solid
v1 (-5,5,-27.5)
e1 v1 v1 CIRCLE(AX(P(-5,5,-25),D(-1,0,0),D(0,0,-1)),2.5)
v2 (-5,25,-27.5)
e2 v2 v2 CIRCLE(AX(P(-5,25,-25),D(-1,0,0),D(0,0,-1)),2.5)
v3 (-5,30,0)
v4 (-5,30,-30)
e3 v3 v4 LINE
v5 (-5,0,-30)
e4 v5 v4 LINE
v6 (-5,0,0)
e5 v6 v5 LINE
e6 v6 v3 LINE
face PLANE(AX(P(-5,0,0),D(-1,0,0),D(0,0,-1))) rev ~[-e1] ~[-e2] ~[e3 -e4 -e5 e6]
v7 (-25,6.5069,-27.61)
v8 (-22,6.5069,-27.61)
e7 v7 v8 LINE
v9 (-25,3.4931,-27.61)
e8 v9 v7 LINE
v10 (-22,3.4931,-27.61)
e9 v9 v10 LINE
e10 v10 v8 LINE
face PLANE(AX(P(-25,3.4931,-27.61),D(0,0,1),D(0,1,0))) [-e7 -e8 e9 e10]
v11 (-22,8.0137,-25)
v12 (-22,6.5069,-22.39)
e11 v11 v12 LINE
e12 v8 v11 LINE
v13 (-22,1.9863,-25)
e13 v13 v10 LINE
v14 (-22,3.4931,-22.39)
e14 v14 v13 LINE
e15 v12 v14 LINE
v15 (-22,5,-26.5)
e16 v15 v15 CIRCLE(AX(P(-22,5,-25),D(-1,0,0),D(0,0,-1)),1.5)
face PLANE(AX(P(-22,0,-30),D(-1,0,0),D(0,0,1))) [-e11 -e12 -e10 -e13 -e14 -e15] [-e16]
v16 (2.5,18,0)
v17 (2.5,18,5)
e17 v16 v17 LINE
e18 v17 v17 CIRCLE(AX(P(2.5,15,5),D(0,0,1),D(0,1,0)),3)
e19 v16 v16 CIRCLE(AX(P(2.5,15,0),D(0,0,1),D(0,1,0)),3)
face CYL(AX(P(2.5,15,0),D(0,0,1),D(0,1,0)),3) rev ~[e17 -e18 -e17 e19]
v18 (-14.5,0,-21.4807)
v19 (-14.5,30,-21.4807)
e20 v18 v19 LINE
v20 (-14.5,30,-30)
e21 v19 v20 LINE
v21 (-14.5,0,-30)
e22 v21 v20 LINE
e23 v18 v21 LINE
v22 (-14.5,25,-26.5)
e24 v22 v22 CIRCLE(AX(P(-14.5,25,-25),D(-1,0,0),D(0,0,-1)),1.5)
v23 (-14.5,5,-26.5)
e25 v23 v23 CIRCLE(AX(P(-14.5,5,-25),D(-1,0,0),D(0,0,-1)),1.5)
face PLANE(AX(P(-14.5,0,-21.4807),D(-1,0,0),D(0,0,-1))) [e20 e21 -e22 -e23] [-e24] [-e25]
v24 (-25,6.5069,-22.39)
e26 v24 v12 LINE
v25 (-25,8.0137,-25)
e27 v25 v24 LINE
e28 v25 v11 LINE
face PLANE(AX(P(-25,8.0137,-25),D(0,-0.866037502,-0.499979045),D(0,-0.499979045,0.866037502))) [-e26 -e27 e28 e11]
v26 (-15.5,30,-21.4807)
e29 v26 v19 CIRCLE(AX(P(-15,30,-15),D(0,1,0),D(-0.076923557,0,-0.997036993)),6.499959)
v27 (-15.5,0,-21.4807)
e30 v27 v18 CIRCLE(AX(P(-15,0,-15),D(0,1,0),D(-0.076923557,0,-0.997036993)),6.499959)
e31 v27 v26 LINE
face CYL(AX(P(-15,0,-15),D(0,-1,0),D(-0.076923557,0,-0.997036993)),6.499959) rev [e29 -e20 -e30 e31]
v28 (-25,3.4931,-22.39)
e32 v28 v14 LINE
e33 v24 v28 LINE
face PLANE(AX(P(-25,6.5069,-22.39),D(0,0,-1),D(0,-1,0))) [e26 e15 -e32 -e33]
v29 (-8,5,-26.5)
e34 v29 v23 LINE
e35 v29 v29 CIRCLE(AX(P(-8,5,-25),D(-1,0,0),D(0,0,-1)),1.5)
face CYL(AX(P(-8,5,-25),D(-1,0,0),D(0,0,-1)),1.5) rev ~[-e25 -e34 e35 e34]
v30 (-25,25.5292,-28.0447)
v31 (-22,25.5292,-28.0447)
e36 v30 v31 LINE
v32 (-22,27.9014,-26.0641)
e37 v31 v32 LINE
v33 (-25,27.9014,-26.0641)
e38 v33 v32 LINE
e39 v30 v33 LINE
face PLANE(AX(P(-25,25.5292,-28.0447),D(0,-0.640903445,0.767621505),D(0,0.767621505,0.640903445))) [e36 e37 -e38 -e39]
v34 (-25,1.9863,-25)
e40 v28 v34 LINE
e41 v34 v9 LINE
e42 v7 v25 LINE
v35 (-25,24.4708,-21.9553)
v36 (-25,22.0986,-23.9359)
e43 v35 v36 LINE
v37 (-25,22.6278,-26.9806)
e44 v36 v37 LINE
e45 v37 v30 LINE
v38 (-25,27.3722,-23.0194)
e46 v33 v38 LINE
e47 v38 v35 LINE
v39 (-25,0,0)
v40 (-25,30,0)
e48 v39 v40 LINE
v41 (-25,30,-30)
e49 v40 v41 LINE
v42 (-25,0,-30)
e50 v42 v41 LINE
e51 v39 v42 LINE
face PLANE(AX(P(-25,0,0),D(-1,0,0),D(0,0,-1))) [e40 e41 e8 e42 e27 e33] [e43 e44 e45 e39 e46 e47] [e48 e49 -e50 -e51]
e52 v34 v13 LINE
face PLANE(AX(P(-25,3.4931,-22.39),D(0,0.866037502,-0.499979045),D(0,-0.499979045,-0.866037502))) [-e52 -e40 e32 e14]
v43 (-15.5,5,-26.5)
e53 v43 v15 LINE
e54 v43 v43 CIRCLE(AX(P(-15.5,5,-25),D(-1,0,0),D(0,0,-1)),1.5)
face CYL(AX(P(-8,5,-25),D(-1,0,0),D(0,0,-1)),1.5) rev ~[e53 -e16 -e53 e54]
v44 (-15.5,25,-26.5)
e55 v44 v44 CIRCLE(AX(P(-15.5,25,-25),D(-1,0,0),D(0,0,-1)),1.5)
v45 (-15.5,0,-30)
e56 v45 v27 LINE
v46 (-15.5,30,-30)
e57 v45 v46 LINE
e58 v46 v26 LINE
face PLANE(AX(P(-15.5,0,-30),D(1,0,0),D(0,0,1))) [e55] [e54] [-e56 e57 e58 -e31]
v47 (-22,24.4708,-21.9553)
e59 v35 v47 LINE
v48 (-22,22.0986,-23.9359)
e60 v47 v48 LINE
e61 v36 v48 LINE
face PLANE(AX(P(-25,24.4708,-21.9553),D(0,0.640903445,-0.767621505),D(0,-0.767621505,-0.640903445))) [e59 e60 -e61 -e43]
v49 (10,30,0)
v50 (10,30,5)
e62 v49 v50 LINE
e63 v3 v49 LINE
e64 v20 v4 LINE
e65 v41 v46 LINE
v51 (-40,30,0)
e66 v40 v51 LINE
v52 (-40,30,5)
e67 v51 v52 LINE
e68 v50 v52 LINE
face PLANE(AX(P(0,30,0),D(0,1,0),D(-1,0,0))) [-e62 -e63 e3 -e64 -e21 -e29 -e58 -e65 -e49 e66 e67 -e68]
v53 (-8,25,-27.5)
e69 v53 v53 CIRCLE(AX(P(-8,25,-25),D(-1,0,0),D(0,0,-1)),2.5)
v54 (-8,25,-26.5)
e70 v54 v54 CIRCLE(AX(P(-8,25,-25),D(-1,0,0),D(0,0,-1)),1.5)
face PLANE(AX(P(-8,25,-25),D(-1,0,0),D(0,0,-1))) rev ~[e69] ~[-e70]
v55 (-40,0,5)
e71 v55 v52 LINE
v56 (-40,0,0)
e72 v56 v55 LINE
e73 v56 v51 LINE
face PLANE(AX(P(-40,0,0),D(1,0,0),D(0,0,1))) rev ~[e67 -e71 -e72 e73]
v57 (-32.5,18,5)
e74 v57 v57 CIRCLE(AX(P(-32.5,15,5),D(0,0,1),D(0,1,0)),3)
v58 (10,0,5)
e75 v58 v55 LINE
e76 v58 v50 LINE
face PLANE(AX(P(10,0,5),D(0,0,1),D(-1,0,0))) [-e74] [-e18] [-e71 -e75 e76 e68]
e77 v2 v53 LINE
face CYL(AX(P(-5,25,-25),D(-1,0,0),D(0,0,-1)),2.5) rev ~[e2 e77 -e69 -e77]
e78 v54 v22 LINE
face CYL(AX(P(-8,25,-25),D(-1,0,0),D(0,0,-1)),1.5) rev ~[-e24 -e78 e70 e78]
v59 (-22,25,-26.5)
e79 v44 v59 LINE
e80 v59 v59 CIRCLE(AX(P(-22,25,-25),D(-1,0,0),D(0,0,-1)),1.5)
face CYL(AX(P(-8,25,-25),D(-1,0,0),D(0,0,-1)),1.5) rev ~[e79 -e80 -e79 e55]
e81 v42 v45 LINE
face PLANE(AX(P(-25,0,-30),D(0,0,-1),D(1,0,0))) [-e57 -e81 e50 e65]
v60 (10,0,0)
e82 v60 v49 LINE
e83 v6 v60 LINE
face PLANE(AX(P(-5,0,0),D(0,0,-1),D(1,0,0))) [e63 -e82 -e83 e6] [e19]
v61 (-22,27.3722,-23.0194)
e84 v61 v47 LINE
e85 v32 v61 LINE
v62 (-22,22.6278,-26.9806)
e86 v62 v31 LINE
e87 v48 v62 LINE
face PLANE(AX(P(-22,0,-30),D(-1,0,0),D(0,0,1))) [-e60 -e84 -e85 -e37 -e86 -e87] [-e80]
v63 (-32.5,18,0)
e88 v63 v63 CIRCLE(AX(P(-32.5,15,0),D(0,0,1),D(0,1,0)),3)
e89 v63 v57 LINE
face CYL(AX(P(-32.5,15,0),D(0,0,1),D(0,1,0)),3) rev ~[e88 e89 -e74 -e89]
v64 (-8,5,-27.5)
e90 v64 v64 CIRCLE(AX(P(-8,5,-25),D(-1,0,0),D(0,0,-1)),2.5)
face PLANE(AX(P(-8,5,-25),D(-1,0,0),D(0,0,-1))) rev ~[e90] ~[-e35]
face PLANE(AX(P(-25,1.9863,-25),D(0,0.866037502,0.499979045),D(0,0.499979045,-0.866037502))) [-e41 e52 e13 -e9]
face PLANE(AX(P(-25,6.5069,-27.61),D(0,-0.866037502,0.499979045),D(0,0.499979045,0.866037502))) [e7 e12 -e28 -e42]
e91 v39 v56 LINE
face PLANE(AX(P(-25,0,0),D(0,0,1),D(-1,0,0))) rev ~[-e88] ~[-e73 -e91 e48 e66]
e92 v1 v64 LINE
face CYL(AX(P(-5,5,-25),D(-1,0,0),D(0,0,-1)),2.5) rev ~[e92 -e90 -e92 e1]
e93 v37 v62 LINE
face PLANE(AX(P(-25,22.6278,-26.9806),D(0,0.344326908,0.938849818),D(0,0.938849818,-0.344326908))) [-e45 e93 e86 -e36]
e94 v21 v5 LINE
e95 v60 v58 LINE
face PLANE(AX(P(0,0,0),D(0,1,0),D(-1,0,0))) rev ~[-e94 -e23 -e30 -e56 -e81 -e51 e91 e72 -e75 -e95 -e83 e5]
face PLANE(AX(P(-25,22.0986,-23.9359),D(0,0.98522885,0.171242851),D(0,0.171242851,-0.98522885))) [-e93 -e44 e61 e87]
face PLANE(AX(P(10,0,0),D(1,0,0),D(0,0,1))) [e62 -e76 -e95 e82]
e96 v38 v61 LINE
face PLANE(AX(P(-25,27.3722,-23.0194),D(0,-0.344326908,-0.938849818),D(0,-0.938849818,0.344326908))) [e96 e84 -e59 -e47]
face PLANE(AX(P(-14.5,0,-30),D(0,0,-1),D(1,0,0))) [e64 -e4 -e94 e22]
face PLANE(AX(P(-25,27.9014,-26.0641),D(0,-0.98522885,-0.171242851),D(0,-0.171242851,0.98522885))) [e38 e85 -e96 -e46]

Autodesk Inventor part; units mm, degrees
ref_plane "YZ Plane" through (0, 0, 0) normal (1, 0, 0) x (0, 1, 0)
ref_plane "XZ Plane" through (0, 0, 0) normal (0, 1, 0) x (-1, 0, 0)
ref_plane "XY Plane" through (0, 0, 0) normal (0, 0, 1) x (1, 0, 0)
sketch "Sketch1" plane through (0, 0, 0) normal (0, 1, 0) x (-1, 0, 0)
  line L0 (5, 0) -> (25, 0)
  arc A0 (15.5, -21.4807) -> (14.5, -21.4807) centre (15, -15) ccw
  line L1 (14.5, -21.4807) -> (14.5, -30)
  line L2 (15.5, -30) -> (15.5, -21.4807)
  line L3 (14.5, -20.3939) -> (15.5, -30) construction
  line L4 (14.5, -30) -> (15.386, -21.4885) construction
  line L5 (25, -30) -> (15.5, -30)
  line L6 (14.5, -30) -> (5, -30)
  line L7 (25, 0) -> (25, -30)
  line L8 (5, 0) -> (5, -30)
  line L9 (25, 0) -> (40, 0)
  line L10 (40, 0) -> (40, 5)
  line L11 (5, 0) -> (-10, 0)
  line L12 (-10, 0) -> (-10, 5)
  line L13 (-10, 5) -> (40, 5)
  point P0 (0, 0)
  point P1 (15, -25.1969)
  dimension "d2" = 13
  dimension "d26" = 15
  dimension "d28" = 15
extrude "Extrusion1" add sketch "Sketch1" along normal blind 30
hole "Hole1" at (-5, 25, -25) direction (-1, 0, 0) diameter 3 end through all counterbore diameter 5 counterbore depth 3
hole "Hole2" at (-5, 5, -25) direction (-1, 0, 0) diameter 3 end through all counterbore diameter 5 counterbore depth 3
sketch "Sketch2" plane through (-25, 0, -30) normal (-1, 0, 0) x (0, 0, 1)
  circle A0 centre (5, 25) radius 1.5 projected
  line L0 (3.9359, 27.9014) -> (6.9806, 27.3722)
  line L1 (6.9806, 27.3722) -> (8.0447, 24.4708)
  line L2 (8.0447, 24.4708) -> (6.0641, 22.0986)
  line L3 (6.0641, 22.0986) -> (3.0194, 22.6278)
  line L4 (3.0194, 22.6278) -> (1.9553, 25.5292)
  line L5 (1.9553, 25.5292) -> (3.9359, 27.9014)
  circle A1 centre (5, 5) radius 1.5 projected
  line L6 (5, 8.0137) -> (7.61, 6.5069)
  line L7 (7.61, 6.5069) -> (7.61, 3.4931)
  line L8 (7.61, 3.4931) -> (5, 1.9863)
  line L9 (5, 1.9863) -> (2.39, 3.4931)
  line L10 (2.39, 3.4931) -> (2.39, 6.5069)
  line L11 (2.39, 6.5069) -> (5, 8.0137)
  point P0 (30, 0)
extrude "Extrusion2" cut sketch "Sketch2" against normal blind 3
hole "Hole3" at (-32.5, 15, 0) direction (0, 0, 1) diameter 6 end through all
hole "Hole4" at (2.5, 15, 0) direction (0, 0, 1) diameter 6 end through all
properties part number "WaterPumpHolder"
